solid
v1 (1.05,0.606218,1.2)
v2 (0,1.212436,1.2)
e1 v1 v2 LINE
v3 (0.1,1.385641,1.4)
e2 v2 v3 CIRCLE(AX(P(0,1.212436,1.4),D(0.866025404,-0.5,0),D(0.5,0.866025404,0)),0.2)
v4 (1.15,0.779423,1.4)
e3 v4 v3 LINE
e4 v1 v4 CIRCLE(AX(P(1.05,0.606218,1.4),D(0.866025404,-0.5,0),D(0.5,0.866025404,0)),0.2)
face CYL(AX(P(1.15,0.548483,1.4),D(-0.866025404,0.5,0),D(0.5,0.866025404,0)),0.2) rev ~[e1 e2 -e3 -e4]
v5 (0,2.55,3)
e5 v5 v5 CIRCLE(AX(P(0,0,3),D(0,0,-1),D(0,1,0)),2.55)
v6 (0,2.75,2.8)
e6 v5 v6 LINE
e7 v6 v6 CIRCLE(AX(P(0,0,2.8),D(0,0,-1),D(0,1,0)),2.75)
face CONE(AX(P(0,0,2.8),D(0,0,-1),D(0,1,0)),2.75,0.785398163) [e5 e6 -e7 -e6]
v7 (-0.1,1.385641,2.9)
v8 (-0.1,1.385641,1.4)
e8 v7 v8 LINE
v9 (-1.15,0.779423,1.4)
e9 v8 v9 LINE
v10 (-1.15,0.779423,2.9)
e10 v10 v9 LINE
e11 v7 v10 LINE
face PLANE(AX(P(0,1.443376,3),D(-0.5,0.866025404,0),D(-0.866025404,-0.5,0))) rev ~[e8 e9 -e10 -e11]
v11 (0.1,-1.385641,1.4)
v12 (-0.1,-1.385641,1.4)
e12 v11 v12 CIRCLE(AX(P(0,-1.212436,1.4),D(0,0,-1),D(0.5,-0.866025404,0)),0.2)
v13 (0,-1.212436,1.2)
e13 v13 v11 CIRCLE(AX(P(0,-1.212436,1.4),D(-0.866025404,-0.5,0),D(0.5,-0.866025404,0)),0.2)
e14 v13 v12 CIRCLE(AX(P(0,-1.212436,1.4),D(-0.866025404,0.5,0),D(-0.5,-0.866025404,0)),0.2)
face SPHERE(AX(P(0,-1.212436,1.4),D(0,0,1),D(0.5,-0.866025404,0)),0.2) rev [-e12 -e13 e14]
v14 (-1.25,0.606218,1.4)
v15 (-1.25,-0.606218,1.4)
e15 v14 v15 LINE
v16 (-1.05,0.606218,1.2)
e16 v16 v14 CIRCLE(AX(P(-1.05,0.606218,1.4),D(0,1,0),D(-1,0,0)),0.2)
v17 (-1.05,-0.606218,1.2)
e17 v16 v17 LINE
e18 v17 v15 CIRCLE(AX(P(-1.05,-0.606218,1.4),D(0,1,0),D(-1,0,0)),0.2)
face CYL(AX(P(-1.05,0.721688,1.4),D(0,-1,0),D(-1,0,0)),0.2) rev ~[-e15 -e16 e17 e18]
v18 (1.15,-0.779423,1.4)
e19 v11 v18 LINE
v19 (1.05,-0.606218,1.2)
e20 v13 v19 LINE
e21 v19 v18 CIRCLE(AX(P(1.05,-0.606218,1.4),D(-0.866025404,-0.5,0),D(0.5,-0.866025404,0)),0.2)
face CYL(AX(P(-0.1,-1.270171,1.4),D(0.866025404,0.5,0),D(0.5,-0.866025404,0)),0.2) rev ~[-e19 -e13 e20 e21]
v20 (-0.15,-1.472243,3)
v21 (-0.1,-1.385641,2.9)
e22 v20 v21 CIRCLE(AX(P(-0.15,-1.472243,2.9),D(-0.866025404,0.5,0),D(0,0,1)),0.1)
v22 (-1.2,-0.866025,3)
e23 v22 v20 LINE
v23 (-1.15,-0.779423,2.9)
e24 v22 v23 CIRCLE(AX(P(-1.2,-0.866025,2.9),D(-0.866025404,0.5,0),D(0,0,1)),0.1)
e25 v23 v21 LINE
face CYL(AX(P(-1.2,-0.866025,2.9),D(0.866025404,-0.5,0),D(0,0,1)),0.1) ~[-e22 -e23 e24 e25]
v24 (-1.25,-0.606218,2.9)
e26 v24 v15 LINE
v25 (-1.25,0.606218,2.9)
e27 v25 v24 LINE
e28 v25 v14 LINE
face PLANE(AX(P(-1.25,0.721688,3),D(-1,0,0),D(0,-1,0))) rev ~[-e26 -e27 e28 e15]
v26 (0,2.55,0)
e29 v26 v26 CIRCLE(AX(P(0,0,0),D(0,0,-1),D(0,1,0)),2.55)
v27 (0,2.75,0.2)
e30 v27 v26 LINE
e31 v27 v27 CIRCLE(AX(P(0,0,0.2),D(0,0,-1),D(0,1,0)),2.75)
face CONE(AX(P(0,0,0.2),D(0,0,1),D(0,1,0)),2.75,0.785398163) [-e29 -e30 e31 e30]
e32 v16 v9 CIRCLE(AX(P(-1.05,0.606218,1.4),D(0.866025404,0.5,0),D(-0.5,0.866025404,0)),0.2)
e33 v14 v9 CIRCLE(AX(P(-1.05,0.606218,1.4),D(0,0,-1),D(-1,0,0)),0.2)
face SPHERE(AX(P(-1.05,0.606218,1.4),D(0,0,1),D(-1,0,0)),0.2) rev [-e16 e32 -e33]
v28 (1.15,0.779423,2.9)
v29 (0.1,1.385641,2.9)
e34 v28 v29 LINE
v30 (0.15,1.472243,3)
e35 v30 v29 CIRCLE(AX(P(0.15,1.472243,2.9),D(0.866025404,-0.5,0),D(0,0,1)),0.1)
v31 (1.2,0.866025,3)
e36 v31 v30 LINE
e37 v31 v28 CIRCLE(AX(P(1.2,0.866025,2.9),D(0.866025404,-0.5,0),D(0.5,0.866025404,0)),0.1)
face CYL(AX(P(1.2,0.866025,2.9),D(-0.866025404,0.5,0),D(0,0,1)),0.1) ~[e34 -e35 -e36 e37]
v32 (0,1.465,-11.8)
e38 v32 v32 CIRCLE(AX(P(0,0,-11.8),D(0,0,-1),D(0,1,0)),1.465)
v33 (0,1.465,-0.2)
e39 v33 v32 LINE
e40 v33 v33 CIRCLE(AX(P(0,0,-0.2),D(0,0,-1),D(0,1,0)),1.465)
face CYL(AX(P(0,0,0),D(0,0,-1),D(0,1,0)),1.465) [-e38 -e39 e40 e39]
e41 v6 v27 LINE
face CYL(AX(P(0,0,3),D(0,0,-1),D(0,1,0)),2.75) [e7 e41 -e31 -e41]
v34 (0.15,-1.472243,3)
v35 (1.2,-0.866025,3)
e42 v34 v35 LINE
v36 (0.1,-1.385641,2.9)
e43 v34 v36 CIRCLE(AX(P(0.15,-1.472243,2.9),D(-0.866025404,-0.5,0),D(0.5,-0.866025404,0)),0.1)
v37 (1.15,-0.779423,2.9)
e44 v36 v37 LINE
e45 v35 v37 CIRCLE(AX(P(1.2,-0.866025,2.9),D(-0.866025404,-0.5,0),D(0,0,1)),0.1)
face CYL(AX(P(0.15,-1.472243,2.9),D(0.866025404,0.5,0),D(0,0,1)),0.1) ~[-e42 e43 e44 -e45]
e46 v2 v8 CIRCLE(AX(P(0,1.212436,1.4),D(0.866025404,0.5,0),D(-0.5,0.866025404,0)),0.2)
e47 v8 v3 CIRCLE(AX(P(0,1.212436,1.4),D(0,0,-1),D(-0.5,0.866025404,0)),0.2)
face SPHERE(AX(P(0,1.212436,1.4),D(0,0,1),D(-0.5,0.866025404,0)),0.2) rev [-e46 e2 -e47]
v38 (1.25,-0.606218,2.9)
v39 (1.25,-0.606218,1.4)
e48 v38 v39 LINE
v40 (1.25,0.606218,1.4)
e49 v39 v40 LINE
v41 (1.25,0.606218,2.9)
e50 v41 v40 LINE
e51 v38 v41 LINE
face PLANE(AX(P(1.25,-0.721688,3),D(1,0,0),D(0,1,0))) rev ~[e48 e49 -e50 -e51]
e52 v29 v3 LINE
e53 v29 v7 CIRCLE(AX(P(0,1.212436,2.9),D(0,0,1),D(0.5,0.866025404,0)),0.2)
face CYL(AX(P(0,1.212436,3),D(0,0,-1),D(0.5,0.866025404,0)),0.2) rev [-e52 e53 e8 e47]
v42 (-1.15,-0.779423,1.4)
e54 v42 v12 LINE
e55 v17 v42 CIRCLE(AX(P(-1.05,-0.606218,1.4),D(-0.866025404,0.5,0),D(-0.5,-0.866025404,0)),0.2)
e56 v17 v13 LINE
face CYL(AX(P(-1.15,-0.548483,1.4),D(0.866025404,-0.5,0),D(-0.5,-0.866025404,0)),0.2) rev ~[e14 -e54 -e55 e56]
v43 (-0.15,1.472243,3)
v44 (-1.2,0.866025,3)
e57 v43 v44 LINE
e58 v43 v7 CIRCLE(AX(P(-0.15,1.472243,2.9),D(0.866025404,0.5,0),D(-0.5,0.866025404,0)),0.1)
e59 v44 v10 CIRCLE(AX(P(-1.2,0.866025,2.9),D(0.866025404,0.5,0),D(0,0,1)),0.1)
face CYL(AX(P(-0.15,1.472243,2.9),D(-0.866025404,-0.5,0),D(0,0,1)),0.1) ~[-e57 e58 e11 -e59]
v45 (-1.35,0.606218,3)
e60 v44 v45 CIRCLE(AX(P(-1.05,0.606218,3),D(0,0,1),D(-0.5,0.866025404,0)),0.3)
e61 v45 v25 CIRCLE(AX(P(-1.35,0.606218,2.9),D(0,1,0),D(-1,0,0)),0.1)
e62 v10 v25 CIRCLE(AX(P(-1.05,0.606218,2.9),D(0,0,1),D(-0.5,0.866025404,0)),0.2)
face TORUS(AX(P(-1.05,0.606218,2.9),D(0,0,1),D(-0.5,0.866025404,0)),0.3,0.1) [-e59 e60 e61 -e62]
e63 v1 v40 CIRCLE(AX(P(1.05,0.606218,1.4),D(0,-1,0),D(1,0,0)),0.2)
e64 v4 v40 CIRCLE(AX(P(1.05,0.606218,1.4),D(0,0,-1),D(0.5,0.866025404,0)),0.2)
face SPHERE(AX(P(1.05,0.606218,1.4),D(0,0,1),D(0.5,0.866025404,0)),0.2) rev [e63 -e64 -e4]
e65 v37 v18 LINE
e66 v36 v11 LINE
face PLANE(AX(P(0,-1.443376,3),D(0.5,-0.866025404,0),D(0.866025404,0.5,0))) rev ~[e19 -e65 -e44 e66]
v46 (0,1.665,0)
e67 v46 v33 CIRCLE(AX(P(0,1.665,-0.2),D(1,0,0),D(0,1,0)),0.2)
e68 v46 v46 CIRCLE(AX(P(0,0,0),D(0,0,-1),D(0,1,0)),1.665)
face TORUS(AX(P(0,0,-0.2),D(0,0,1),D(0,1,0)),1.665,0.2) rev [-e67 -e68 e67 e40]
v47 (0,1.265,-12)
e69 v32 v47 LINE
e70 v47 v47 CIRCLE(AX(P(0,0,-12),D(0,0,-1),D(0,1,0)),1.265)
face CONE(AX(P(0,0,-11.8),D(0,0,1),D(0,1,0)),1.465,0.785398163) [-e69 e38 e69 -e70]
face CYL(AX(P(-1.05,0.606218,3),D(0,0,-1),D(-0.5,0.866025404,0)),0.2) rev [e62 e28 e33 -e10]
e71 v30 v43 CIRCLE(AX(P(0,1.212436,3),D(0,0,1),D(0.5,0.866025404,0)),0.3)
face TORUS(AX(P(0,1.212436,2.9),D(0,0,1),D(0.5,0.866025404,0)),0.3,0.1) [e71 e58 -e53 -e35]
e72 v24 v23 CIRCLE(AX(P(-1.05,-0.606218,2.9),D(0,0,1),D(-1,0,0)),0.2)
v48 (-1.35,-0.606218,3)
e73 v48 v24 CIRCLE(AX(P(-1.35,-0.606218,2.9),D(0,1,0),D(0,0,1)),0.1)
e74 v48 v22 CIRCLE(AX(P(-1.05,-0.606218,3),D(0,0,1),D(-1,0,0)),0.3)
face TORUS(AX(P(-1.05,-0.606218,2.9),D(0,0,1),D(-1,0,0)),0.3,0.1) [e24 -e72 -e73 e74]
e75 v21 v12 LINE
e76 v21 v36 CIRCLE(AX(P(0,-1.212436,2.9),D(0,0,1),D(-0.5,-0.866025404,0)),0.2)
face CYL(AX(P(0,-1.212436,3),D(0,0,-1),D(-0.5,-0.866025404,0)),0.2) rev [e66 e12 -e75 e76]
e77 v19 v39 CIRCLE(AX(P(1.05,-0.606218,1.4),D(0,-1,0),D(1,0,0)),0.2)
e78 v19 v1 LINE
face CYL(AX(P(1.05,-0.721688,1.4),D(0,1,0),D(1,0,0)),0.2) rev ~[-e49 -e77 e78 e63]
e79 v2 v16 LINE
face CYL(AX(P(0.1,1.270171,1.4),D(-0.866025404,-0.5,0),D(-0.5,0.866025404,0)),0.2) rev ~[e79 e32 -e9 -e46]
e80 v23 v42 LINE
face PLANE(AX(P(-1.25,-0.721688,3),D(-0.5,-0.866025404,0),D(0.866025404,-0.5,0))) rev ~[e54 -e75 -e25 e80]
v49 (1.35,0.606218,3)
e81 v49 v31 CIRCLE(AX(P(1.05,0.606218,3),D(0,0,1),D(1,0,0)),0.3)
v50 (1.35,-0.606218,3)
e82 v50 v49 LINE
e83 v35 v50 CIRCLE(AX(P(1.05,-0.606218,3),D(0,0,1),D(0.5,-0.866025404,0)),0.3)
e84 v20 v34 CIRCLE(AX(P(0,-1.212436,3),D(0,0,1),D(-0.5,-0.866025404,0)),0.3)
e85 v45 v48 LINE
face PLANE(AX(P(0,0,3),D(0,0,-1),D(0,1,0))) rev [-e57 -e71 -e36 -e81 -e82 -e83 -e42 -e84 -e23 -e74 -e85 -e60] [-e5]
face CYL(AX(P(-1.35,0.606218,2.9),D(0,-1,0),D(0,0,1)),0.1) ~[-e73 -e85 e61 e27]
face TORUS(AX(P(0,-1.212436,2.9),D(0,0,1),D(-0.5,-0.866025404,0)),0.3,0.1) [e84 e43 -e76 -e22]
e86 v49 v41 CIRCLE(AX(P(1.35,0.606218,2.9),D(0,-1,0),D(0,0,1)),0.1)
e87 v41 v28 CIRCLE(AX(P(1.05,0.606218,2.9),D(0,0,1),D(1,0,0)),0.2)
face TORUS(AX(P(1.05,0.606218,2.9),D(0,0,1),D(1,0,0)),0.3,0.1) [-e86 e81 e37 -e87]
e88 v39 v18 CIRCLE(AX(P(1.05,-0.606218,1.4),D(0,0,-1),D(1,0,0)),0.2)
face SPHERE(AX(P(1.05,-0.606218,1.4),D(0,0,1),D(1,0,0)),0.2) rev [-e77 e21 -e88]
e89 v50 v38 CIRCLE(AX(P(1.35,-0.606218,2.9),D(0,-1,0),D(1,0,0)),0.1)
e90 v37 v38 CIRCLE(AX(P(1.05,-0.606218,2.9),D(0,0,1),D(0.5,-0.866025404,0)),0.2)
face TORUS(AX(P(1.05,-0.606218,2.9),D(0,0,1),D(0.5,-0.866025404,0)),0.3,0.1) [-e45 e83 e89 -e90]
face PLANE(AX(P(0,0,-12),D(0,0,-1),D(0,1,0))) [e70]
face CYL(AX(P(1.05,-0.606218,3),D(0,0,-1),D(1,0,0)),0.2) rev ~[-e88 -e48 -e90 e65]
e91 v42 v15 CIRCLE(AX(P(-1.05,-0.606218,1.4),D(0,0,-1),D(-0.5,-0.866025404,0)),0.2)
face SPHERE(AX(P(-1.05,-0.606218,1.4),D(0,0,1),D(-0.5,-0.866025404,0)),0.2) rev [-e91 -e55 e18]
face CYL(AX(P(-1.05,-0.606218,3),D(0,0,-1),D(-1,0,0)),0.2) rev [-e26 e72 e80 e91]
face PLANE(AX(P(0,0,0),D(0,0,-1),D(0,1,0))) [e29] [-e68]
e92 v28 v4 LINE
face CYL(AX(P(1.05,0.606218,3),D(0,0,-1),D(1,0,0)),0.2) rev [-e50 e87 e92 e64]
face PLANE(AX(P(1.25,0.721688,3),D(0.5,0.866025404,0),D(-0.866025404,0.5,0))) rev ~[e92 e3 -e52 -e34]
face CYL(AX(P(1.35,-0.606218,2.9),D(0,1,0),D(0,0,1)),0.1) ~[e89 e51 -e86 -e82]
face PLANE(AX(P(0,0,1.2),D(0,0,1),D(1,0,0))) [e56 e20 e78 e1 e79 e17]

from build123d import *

# Parameters (mm, degrees)
SCHNITT_LINEAR_AUSTRAGEN1_DEPTH = 1.8
FASE1_SIZE                      = 0.2
VERRUNDUNG1_R                   = 0.2
VERRUNDUNG2_R                   = 0.1


with BuildPart() as part:
    # Skizze1 → Rotation1 (revolve)
    with BuildSketch(Plane(origin=(0, 0, 0), x_dir=(0, 0, -1), z_dir=(1, 0, 0))):
        Polygon((-3, 0), (-3, 2.75), (0, 2.75), (0, 1.465), (12, 1.465), (12, 0), align=None)
    revolve(axis=Axis((0, 0, 21.919879518), (0, 0, -1)))

    # Skizze2 → Schnitt-Linear austragen1 (cut)
    with BuildSketch(Plane.XY.offset(3)):
        Polygon((1.25, -0.721687836), (1.25, 0.721687836), (0, 1.443375673), (-1.25, 0.721687836), (-1.25, -0.721687836), (0, -1.443375673), align=None)
    extrude(amount=-SCHNITT_LINEAR_AUSTRAGEN1_DEPTH, mode=Mode.SUBTRACT)

    # Fase1
    fase1_edges = [part.edges().sort_by_distance(p)[0] for p in [
        (0, -1.465, -12),
        (0, -2.75, 0),
        (0, -2.75, 3),
    ]]
    chamfer(fase1_edges, length=FASE1_SIZE)

    # Verrundung1
    verrundung1_edges = [part.edges().sort_by_distance(p)[0] for p in [
        (0.625, -1.082531755, 1.2),
        (1.25, -0.721687836, 2.1),
        (-0.625, -1.082531755, 1.2),
        (0, -1.443375673, 2.1),
        (-1.25, 0, 1.2),
        (-1.25, -0.721687836, 2.1),
        (-0.625, 1.082531755, 1.2),
        (-1.25, 0.721687836, 2.1),
        (0.625, 1.082531755, 1.2),
        (0, 1.443375673, 2.1),
        (1.25, 0, 1.2),
        (1.25, 0.721687836, 2.1),
        (0, -1.465, 0),
    ]]
    fillet(verrundung1_edges, radius=VERRUNDUNG1_R)

    # Verrundung2
    verrundung2_edges = [part.edges().sort_by_distance(p)[0] for p in [
        (-0.625, -1.082531755, 3),
        (-1.25, 0, 3),
        (-0.625, 1.082531755, 3),
        (0.625, 1.082531755, 3),
        (1.25, 0, 3),
        (0.625, -1.082531755, 3),
        (-1.223205081, -0.706217783, 3),
        (0, -1.412435565, 3),
        (1.223205081, -0.706217783, 3),
        (1.223205081, 0.706217783, 3),
        (0, 1.412435565, 3),
        (-1.223205081, 0.706217783, 3),
    ]]
    fillet(verrundung2_edges, radius=VERRUNDUNG2_R)


solid = part.part
